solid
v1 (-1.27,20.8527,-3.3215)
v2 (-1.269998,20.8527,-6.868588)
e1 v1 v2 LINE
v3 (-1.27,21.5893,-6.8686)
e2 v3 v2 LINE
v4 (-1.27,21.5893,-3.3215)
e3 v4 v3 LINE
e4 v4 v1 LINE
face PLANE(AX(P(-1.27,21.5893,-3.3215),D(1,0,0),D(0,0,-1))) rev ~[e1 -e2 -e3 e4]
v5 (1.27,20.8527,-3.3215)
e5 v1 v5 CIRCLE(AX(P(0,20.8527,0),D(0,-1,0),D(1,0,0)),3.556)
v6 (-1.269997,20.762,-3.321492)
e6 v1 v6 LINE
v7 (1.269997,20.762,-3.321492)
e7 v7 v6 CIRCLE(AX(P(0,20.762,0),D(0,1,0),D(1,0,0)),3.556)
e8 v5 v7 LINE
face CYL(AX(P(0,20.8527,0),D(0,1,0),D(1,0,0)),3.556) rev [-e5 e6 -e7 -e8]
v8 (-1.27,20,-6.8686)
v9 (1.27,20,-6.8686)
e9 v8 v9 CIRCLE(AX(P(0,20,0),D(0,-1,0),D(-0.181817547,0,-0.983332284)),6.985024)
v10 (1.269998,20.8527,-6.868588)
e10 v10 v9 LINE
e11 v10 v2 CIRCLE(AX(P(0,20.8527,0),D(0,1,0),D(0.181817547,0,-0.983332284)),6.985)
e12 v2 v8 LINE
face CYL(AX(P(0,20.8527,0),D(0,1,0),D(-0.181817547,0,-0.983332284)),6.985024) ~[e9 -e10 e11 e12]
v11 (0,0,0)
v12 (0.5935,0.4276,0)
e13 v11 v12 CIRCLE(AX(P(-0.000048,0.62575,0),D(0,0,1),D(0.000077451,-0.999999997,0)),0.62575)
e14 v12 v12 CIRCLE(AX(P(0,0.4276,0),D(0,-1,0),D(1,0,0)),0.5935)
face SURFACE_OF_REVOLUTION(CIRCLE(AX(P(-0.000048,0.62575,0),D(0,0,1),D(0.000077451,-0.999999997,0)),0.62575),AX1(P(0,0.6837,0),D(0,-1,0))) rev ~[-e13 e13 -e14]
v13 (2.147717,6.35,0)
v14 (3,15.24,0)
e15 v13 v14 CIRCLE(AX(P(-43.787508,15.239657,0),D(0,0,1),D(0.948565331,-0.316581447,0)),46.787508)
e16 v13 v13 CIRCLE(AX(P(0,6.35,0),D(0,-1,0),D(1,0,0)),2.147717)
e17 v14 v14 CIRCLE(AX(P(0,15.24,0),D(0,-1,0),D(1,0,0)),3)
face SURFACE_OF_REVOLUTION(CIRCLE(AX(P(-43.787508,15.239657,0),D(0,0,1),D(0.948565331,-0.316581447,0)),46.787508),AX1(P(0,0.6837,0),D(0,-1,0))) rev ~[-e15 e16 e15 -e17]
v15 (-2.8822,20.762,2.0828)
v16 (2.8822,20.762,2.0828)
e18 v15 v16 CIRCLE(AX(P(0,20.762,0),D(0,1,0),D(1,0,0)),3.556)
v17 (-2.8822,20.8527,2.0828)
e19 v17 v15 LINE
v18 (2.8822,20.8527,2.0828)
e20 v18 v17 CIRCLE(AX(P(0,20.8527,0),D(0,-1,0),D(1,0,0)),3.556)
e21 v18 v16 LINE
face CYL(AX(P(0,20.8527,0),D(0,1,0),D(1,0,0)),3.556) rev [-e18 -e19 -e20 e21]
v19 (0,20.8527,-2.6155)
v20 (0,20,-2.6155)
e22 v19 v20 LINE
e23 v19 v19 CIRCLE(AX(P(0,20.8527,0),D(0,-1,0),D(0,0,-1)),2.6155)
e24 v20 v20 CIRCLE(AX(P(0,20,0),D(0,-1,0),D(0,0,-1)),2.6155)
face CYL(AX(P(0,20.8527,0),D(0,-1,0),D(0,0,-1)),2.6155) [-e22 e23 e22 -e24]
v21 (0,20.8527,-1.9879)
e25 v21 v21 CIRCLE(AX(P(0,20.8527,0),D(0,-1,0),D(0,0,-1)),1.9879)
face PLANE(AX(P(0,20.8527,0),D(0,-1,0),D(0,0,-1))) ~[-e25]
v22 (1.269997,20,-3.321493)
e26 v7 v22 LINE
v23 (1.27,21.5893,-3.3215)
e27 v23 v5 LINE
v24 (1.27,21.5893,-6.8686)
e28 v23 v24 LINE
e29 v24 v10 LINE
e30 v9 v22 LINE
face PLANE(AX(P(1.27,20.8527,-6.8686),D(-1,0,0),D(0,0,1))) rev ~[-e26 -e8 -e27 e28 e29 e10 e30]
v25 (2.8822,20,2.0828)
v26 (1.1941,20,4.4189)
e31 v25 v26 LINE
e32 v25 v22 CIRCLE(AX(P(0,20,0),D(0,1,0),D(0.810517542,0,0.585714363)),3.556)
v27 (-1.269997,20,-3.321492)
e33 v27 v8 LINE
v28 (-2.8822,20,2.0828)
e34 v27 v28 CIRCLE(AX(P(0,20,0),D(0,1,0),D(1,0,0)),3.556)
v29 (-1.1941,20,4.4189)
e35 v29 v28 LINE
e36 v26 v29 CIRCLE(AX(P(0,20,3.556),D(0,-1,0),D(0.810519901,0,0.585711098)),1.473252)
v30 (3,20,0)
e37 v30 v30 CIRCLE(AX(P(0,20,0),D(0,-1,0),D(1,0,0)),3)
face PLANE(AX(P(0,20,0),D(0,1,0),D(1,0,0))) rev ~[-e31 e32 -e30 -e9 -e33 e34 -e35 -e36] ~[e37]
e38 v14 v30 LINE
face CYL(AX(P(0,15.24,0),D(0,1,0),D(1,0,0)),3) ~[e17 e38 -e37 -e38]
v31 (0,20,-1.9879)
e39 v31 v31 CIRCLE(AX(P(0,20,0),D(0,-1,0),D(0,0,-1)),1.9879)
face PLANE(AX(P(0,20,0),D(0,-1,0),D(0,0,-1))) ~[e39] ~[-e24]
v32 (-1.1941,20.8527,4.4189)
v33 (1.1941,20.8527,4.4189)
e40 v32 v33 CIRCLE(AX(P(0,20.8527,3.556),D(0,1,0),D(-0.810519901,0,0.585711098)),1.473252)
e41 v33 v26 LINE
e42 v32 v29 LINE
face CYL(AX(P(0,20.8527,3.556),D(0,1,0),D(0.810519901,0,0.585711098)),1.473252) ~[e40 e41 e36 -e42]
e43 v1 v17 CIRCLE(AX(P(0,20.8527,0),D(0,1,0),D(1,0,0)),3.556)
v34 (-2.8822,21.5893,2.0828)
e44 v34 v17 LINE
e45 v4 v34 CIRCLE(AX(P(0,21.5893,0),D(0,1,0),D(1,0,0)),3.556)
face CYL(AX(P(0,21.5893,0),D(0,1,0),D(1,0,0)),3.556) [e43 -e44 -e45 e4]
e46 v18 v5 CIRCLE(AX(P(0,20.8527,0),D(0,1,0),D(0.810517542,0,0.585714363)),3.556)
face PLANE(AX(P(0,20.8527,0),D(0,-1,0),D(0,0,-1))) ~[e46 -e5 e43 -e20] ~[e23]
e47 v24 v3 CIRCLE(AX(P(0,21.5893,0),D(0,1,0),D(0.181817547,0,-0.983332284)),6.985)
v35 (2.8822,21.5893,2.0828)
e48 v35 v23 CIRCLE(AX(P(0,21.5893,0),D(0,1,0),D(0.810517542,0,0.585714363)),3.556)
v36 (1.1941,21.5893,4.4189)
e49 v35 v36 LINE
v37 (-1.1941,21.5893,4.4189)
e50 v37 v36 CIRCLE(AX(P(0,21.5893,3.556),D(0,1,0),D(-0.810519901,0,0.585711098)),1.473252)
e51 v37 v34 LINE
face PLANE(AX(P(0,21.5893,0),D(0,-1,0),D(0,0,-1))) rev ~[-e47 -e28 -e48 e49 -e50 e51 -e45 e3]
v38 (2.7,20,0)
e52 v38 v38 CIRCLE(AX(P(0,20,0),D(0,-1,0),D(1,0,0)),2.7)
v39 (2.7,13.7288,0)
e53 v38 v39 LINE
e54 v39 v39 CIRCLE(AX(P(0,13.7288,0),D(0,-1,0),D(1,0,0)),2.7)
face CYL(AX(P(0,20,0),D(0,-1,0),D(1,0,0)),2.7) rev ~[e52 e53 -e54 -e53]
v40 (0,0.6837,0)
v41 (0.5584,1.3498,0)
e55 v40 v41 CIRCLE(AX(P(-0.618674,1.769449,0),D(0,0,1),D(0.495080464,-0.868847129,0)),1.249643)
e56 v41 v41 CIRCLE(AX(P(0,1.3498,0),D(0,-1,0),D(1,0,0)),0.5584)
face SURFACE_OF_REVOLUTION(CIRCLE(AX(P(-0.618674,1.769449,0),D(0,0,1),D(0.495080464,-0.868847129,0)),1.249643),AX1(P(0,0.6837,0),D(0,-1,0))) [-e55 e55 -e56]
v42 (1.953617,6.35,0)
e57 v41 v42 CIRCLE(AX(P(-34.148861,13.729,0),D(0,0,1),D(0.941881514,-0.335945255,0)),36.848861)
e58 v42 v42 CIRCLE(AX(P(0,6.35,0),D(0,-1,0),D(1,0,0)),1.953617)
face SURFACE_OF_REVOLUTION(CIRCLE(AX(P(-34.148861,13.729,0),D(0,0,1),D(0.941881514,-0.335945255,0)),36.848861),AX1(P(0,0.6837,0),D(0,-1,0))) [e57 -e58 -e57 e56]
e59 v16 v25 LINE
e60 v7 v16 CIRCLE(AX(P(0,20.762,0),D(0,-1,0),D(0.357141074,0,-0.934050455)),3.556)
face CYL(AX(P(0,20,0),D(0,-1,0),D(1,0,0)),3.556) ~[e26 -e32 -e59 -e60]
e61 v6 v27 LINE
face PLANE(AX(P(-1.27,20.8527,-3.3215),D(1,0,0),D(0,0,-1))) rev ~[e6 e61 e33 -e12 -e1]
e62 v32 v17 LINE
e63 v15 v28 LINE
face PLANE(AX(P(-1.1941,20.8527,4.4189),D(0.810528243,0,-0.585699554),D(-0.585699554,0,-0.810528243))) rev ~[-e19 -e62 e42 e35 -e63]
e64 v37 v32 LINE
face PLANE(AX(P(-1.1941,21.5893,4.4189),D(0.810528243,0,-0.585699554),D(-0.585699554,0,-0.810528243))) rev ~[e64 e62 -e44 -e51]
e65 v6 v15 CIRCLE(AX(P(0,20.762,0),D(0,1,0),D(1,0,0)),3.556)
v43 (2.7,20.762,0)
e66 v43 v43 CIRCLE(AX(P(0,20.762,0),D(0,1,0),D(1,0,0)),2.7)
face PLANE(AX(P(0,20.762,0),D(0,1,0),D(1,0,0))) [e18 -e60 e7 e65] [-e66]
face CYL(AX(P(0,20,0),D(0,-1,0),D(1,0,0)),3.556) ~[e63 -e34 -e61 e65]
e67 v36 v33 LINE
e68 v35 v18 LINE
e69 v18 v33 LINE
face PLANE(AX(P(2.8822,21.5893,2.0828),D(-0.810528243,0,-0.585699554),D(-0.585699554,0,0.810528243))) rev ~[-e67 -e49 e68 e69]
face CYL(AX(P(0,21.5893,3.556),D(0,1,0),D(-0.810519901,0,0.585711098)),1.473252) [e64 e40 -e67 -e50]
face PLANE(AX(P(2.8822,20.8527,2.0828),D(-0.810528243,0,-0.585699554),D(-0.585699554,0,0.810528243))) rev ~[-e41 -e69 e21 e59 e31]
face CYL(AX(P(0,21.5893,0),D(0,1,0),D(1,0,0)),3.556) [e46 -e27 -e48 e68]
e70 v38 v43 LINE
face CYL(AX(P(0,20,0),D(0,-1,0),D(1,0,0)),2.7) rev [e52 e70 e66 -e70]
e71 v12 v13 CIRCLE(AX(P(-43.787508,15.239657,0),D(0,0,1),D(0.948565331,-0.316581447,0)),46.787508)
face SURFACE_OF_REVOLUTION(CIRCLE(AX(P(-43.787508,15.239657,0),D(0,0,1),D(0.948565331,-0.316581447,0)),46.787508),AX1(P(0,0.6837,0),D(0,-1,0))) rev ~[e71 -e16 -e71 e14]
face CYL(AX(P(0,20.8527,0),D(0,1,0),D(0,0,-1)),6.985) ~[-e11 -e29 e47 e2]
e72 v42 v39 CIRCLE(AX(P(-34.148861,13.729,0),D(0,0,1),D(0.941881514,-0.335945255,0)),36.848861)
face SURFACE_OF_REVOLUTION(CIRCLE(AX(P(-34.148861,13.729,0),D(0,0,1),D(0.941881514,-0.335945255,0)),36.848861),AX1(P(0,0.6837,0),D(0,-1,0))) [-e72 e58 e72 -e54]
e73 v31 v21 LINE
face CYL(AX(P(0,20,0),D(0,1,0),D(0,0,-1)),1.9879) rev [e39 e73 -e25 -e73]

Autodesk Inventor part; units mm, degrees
ref_plane "YZ Plane" through (0, 0, 0) normal (1, 0, 0) x (0, 1, 0)
ref_plane "XZ Plane" through (0, 0, 0) normal (0, 1, 0) x (-1, 0, 0)
ref_plane "XY Plane" through (0, 0, 0) normal (0, 0, 1) x (1, 0, 0)
sketch "Sketch1" plane through (0, 0, 0) normal (0, 0, 1) x (1, 0, 0)
  line L0 (3, 15.24) -> (3, 20)
  line L1 (3, 20) -> (2.7, 20)
  line L2 (2.7, 20) -> (2.7, 13.7288)
  line L3 (0, 0.6837) -> (0, 0)
  arc A0 (0, 0) -> (0.5935, 0.4276) centre (0, 0.6256) ccw
  arc A1 (0.5935, 0.4276) -> (3, 15.24) centre (-43.7889, 15.24) ccw
  line L4 (0, 0) -> (-1.9294, 0)
  arc A2 (0, 0.6837) -> (0.5584, 1.3498) centre (-0.6188, 1.7696) ccw
  arc A3 (0.5584, 1.3498) -> (2.7, 13.7288) centre (-34.1481, 13.7288) ccw
  line L5 (-6.5051, 6.35) -> (10.1936, 6.35)
  line L6 (2.1819, 6.35) -> (2.1819, 2.9816)
  dimension "d0" = 3
  dimension "d1" = 15.24
  dimension "d2" = 20
  dimension "d3" = 2.7
  dimension "d7" = 6.35
  dimension "d8" = 2.1819
revolve "Revolution1" add sketch "Sketch1" angle 360 about axis through (0, 0.6837, 0) along (0, -1, 0)
sketch "Sketch2" plane through (0, 20, 0) normal (0, 1, 0) x (1, 0, 0)
  circle A0 centre (0, 0) radius 3.556
  circle A1 centre (0, 0) radius 2.7
  dimension "d9" = 7.112
extrude "Extrusion1" add sketch "Sketch2" along normal blind 0.762
sketch "Sketch3" plane through (0, 0, 0) normal (1, 0, 0) x (0, 1, 0)
  line L0 (21.5893, 0) -> (20.8527, 0)
  line L1 (20.8527, 0) -> (20.8527, -6.985)
  line L2 (20.8527, -6.985) -> (21.5893, -6.985)
  line L3 (21.5893, -6.985) -> (21.5893, 0)
  line L4 (20.762, -3.556) -> (20.762, 3.556) projected
  line L5 (20, 3.556) -> (20, -3.556) projected
  line L6 (20.8527, -2.6155) -> (20, -2.6155)
  line L7 (20, -2.6155) -> (20, -1.9879)
  line L8 (20, -1.9879) -> (20.8527, -1.9879)
  line L9 (20.8527, -1.9879) -> (20.8527, -2.6155)
  point P0 (0, 0)
  point P1 (20.762, 0)
  dimension "d12" = 6.985
  dimension "d13" = 0.7366
revolve "Revolution2" add sketch "Sketch3" angle 360 about axis through (0, 21.5893, 0) along (0, -1, 0)
sketch "Sketch4" plane through (0, 21.5893, 0) normal (0, 1, 0) x (1, 0, 0)
  line L0 (-1.1941, -4.4189) -> (-2.8822, -2.0828)
  circle A0 centre (0, 0) radius 3.556 projected
  line L1 (2.8822, -2.0828) -> (1.1941, -4.4189)
  line L2 (1.27, 3.3215) -> (1.27, 6.8686)
  circle A1 centre (0, 0) radius 6.985 projected
  line L3 (-1.27, 3.3215) -> (-1.27, 6.8686)
  line L4 (-1.27, 6.8686) -> (1.27, 6.8686)
  circle A2 centre (0, 0) radius 3.556 projected
  arc A3 (-1.1941, -4.4189) -> (1.1941, -4.4189) centre (0, -3.556) ccw
  line L5 (0, -5.0292) -> (-1.1247, -5.0292)
  point P0 (0, 6.8686)
  dimension "d15" = 2.54
  dimension "d16" = 5.0292
extrude "Extrusion2" cut sketch "Sketch4" against normal blind 25.4 contours A3 L1 A0 L2 A1 L3 L0
sketch "Sketch5" plane through (0, 20.8527, 3.556) normal (0, -1, 0) x (1, 0, 0)
  circle A0 centre (0, -3.556) radius 3.556 projected
  circle A1 centre (0, -3.556) radius 2.6155 projected
  line L0 (1.27, -10.4246) -> (1.27, -6.8775) projected
  arc A2 (1.27, -6.8775) -> (2.8822, -1.4732) centre (0, -3.556) ccw projected
  line L1 (2.8822, -1.4732) -> (1.1941, 0.8629) projected
  arc A3 (1.1941, 0.8629) -> (-1.1941, 0.8629) centre (0, 0) ccw projected
  line L2 (-1.1941, 0.8629) -> (-2.8822, -1.4732) projected
  arc A4 (-2.8822, -1.4732) -> (-1.27, -6.8775) centre (0, -3.556) ccw projected
  line L3 (-1.27, -6.8775) -> (-1.27, -10.4246) projected
  arc A5 (-1.27, -10.4246) -> (1.27, -10.4246) centre (0, -3.556) ccw projected
extrude "Extrusion3" add sketch "Sketch5" along normal up to surface (0.8527 mm away) contours A0 L2 A3 L1 | L0 A5 L3 A0
properties part number "Vial" material "Glass"
